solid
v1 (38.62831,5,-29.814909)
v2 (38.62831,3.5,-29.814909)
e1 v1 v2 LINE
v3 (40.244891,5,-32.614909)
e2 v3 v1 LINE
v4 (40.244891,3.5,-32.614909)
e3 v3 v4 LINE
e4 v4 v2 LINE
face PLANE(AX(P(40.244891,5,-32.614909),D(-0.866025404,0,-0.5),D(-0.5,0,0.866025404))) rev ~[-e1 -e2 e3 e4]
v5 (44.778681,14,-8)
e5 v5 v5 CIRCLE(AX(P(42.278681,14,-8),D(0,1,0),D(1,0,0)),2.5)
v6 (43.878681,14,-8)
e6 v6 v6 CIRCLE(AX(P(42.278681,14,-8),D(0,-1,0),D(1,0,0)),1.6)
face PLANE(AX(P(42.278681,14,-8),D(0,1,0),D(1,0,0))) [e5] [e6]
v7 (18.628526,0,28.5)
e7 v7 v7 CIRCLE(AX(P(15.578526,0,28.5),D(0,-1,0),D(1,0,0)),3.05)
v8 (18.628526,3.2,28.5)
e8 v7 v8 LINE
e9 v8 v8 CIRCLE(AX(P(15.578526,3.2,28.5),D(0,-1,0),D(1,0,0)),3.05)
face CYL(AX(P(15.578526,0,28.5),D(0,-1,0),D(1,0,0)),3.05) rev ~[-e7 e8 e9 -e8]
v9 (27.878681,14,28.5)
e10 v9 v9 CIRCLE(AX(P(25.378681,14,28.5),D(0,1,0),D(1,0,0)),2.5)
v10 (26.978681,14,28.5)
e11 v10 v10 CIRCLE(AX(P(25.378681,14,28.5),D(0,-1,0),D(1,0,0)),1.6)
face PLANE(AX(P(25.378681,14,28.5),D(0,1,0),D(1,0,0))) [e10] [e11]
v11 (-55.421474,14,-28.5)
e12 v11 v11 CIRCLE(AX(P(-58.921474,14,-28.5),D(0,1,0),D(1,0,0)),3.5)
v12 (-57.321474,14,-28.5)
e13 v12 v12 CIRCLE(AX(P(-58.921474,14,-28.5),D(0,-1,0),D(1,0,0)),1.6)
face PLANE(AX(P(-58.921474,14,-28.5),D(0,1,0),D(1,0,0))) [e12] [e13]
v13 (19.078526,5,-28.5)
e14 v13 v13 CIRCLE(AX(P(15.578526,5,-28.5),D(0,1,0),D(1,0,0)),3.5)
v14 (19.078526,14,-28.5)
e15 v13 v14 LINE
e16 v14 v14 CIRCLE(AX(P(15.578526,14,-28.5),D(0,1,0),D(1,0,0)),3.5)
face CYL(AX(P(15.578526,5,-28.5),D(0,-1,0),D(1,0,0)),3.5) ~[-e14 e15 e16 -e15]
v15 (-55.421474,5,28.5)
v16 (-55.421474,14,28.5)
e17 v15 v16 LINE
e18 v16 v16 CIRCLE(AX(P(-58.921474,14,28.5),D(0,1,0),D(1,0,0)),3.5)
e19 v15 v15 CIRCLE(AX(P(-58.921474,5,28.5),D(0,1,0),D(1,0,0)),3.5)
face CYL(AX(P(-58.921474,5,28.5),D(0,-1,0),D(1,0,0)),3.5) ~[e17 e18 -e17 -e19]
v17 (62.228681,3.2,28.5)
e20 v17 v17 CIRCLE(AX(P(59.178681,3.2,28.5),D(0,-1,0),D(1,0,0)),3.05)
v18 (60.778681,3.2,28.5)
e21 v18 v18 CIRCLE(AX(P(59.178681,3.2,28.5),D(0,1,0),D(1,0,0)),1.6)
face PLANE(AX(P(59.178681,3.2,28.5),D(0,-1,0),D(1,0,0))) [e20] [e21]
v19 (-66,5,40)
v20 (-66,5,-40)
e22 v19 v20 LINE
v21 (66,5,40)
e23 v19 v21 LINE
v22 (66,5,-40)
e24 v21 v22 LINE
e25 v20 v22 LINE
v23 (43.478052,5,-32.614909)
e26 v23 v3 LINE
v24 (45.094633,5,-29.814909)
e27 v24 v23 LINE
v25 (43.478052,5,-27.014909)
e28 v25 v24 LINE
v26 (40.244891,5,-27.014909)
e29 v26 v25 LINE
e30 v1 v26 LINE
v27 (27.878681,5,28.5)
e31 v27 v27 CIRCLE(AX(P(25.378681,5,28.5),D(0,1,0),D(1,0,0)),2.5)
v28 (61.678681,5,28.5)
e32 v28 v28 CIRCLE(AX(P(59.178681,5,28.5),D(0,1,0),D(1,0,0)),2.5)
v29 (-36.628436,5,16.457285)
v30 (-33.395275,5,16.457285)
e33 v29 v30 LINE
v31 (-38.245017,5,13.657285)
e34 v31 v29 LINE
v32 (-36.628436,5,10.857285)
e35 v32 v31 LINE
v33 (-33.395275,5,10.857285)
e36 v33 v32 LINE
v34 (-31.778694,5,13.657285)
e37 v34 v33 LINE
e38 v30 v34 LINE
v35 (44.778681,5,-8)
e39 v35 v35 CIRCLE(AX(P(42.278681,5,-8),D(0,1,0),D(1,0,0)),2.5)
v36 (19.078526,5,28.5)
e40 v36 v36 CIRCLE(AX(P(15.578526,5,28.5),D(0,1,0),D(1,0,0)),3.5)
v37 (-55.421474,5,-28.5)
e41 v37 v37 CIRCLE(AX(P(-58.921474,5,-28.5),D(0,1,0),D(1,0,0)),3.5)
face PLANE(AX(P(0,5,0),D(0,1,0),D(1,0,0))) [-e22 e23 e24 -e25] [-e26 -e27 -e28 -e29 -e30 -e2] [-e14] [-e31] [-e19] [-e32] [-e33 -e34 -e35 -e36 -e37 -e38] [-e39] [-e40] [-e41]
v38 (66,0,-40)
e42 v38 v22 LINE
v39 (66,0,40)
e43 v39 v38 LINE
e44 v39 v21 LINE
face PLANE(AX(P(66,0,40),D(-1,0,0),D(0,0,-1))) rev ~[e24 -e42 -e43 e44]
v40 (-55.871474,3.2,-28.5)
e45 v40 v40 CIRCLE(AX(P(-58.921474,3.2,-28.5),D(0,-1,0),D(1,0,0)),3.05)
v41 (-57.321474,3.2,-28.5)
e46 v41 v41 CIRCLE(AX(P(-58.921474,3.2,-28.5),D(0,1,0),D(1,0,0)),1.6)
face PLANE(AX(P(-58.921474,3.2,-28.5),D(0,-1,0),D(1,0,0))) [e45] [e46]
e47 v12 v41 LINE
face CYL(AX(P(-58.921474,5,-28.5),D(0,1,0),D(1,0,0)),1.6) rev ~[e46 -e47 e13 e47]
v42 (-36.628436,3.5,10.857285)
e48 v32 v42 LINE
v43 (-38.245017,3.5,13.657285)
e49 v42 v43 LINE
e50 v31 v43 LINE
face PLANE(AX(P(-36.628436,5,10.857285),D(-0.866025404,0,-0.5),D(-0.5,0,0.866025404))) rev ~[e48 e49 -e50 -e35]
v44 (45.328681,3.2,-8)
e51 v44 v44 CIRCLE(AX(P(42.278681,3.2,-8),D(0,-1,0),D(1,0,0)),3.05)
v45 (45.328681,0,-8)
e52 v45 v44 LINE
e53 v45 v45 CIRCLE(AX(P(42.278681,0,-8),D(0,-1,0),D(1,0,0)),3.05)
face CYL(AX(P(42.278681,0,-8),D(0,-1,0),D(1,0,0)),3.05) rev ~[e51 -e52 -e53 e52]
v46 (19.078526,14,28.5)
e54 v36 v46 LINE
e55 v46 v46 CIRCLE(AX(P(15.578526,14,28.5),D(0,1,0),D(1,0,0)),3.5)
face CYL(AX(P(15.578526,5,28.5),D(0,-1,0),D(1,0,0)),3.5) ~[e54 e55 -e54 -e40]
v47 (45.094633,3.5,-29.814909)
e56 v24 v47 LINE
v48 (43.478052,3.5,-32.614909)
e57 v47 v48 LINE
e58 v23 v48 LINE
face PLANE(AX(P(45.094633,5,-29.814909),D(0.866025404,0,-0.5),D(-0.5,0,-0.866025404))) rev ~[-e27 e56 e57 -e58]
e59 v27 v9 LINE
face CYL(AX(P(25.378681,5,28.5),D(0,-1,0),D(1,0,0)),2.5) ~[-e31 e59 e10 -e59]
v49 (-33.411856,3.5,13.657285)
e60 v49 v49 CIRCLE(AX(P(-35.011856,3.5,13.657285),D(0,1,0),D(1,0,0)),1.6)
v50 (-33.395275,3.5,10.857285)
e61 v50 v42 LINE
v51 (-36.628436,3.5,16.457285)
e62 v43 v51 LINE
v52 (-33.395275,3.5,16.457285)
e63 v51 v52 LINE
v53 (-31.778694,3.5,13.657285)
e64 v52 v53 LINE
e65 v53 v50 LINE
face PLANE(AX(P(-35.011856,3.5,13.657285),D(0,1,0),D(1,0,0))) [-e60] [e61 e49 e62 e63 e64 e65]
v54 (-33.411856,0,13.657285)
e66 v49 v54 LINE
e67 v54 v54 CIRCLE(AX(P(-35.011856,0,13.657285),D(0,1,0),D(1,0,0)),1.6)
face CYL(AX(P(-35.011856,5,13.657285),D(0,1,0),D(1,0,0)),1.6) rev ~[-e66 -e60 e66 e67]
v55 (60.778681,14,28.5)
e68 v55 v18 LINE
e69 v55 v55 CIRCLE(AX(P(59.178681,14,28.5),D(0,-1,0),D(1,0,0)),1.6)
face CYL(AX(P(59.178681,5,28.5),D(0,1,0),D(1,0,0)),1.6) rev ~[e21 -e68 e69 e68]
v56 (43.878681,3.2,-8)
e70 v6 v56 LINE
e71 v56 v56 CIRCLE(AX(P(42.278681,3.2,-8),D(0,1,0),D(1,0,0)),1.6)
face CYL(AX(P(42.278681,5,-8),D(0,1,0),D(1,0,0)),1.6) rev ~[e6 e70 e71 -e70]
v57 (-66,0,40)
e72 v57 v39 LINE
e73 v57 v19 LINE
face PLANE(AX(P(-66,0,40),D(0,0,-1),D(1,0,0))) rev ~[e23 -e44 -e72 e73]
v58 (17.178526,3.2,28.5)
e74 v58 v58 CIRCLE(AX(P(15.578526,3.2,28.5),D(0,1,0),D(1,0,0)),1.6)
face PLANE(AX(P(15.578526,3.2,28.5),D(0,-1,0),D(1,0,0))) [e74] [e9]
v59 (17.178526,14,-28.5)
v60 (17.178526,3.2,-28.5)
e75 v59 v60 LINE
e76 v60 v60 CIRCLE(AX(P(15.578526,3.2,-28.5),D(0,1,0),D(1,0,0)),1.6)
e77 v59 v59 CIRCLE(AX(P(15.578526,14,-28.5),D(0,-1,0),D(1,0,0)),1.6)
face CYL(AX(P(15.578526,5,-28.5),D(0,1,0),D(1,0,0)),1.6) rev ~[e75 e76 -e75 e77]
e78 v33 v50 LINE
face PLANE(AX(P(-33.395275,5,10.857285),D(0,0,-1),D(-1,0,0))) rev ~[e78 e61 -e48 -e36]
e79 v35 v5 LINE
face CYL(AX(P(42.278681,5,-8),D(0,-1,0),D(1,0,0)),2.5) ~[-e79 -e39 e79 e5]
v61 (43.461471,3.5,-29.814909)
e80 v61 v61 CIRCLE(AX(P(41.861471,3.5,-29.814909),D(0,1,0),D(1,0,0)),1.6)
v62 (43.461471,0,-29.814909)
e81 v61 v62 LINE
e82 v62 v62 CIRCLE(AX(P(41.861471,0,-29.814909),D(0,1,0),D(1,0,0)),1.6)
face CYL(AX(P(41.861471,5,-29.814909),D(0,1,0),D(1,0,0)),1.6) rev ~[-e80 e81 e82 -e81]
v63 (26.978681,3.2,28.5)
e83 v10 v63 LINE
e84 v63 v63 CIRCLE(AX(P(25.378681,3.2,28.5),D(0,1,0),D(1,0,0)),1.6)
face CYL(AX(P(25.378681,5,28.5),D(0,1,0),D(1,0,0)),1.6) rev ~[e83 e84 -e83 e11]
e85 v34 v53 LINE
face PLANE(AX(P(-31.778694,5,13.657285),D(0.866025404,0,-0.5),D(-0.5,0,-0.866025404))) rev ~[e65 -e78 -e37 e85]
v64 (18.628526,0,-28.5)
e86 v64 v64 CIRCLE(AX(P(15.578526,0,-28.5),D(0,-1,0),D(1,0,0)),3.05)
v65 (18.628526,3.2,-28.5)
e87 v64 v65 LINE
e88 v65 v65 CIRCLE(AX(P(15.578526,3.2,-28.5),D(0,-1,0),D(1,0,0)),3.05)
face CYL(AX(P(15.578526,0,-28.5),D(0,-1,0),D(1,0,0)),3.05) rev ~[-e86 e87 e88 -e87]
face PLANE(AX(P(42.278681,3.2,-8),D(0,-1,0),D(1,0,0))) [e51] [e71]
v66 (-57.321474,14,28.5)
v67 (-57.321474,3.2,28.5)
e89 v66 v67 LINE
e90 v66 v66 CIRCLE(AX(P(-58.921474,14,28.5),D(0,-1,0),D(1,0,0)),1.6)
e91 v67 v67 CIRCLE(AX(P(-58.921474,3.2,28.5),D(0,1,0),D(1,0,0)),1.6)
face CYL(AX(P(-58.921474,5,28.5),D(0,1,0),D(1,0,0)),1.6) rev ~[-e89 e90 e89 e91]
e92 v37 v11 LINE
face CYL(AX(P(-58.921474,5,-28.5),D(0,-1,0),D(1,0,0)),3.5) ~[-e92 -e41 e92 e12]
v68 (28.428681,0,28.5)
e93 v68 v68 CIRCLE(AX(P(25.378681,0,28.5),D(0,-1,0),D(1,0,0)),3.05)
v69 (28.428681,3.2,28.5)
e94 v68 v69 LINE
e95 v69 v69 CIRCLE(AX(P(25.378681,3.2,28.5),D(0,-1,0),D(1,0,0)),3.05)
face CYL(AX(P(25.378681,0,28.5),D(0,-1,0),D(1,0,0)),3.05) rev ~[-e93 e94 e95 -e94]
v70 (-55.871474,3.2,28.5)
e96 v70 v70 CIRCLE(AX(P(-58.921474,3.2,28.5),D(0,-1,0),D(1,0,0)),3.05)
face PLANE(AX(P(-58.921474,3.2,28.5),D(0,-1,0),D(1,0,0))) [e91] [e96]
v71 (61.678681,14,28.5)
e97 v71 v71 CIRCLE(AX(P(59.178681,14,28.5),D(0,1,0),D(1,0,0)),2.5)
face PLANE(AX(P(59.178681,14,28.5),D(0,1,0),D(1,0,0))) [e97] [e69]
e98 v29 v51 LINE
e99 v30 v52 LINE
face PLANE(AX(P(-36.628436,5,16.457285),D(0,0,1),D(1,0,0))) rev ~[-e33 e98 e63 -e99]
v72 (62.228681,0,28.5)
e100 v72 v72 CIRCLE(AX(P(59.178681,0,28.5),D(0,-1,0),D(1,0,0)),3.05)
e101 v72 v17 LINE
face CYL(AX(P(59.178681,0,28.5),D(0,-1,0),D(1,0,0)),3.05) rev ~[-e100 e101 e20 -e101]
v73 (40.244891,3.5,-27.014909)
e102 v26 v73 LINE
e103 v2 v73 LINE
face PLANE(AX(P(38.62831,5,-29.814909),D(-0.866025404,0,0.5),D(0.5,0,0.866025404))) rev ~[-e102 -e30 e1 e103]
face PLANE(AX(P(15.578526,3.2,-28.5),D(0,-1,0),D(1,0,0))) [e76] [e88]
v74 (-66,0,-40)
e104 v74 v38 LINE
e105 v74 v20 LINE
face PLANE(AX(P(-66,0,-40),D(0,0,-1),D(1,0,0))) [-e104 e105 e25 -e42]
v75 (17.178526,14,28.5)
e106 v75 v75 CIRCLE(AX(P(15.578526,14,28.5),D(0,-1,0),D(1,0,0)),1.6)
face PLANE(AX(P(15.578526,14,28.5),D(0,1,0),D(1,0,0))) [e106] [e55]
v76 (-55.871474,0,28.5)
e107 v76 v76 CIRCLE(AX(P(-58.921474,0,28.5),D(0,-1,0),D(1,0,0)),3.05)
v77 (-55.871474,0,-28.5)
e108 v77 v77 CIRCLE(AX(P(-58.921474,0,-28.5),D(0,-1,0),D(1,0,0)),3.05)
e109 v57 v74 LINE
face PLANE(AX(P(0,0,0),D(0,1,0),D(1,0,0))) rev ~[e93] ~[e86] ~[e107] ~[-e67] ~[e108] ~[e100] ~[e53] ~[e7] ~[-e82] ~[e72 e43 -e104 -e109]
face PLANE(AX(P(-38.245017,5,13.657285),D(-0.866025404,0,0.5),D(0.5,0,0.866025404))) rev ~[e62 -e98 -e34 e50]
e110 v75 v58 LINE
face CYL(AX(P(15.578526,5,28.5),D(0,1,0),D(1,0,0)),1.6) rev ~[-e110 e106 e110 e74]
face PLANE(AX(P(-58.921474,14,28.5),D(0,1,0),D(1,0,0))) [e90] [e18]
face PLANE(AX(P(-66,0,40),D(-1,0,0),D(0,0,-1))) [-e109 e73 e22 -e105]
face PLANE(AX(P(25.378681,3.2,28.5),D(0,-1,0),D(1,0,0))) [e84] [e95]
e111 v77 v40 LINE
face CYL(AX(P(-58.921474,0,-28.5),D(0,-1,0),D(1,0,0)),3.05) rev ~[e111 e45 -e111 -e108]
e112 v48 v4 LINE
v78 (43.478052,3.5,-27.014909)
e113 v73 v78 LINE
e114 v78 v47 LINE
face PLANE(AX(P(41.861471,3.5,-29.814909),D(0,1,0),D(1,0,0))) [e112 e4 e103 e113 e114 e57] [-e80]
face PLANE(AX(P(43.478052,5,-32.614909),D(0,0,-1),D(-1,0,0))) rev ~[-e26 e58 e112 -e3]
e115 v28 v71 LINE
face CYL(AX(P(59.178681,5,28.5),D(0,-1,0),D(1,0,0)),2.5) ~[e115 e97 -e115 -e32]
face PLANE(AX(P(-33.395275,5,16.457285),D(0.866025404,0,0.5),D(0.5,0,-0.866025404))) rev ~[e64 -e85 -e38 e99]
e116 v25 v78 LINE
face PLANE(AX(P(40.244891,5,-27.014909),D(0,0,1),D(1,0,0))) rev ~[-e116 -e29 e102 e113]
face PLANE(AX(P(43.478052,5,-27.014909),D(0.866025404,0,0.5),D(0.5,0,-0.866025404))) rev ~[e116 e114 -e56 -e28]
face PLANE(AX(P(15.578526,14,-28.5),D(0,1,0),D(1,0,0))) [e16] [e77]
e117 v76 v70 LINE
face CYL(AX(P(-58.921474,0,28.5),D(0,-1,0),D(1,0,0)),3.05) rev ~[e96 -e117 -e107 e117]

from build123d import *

# Parameters (mm, degrees)
SKETCH1_W                      = 132
SKETCH1_H                      = 80
BOSS_EXTRUDE1_DEPTH            = 5
SKETCH3_R                      = 3.5
SKETCH3_R_2                    = 2.5
BOSS_EXTRUDE2_DEPTH            = 9
CUT_EXTRUDE1_REACH             = 7
SKETCH2_R                      = 1.6
CUT_EXTRUDE1_DIRECTION_2_REACH = 11
SKETCH4_R                      = 3.05
CUT_EXTRUDE2_DEPTH             = 3.2
CUT_EXTRUDE3_REACH             = 7
SKETCH5_R                      = 1.6
CUT_EXTRUDE4_DEPTH             = 1.5


with BuildPart() as part:
    # Sketch1 → Boss-Extrude1 (new body)
    with BuildSketch(Plane(origin=(0, 0, 0), x_dir=(1, 0, 0), z_dir=(0, 1, 0))):
        Rectangle(SKETCH1_W, SKETCH1_H)
    extrude(amount=BOSS_EXTRUDE1_DEPTH)

    # Sketch3 → Boss-Extrude2 (add)
    with BuildSketch(Plane(origin=(0, 5, 0), x_dir=(1, 0, 0), z_dir=(0, 1, 0))):
        with Locations((-58.921474433, 28.5)):
            Circle(SKETCH3_R)
        with Locations((15.578525567, 28.5)):
            Circle(SKETCH3_R)
        with Locations((15.578525567, -28.5)):
            Circle(SKETCH3_R)
        with Locations((-58.921474433, -28.5)):
            Circle(SKETCH3_R)
        with Locations((25.378681006, -28.5)):
            Circle(SKETCH3_R_2)
        with Locations((59.178681006, -28.5)):
            Circle(SKETCH3_R_2)
        with Locations((42.278681006, 8)):
            Circle(SKETCH3_R_2)
    extrude(amount=BOSS_EXTRUDE2_DEPTH)

    # Sketch2 → Cut-Extrude1 (cut, up to next)
    with BuildSketch(Plane(origin=(0, 5, 0), x_dir=(1, 0, 0), z_dir=(0, 1, 0)), mode=Mode.PRIVATE) as cut_extrude1_sk1:
        with Locations((42.278681006, 8)):
            Circle(SKETCH2_R)
    cut_extrude1_tool1 = extrude(cut_extrude1_sk1.sketch, amount=-CUT_EXTRUDE1_REACH, mode=Mode.PRIVATE) & part.part
    add(cut_extrude1_tool1.solids().sort_by_distance((42.278681, 5, -8))[0], mode=Mode.SUBTRACT)
    # Sketch2 → Cut-Extrude1 (cut, up to next)
    with BuildSketch(Plane(origin=(0, 5, 0), x_dir=(1, 0, 0), z_dir=(0, 1, 0)), mode=Mode.PRIVATE) as cut_extrude1_sk2:
        with Locations((25.378681006, -28.5)):
            Circle(SKETCH2_R)
    cut_extrude1_tool2 = extrude(cut_extrude1_sk2.sketch, amount=-CUT_EXTRUDE1_REACH, mode=Mode.PRIVATE) & part.part
    add(cut_extrude1_tool2.solids().sort_by_distance((25.378681, 5, 28.5))[0], mode=Mode.SUBTRACT)
    # Sketch2 → Cut-Extrude1 (cut, up to next)
    with BuildSketch(Plane(origin=(0, 5, 0), x_dir=(1, 0, 0), z_dir=(0, 1, 0)), mode=Mode.PRIVATE) as cut_extrude1_sk3:
        with Locations((59.178681006, -28.5)):
            Circle(SKETCH2_R)
    cut_extrude1_tool3 = extrude(cut_extrude1_sk3.sketch, amount=-CUT_EXTRUDE1_REACH, mode=Mode.PRIVATE) & part.part
    add(cut_extrude1_tool3.solids().sort_by_distance((59.178681, 5, 28.5))[0], mode=Mode.SUBTRACT)
    # Sketch2 → Cut-Extrude1 (cut, up to next)
    with BuildSketch(Plane(origin=(0, 5, 0), x_dir=(1, 0, 0), z_dir=(0, 1, 0)), mode=Mode.PRIVATE) as cut_extrude1_sk4:
        with Locations((15.578525567, 28.5)):
            Circle(SKETCH2_R)
    cut_extrude1_tool4 = extrude(cut_extrude1_sk4.sketch, amount=-CUT_EXTRUDE1_REACH, mode=Mode.PRIVATE) & part.part
    add(cut_extrude1_tool4.solids().sort_by_distance((15.578526, 5, -28.5))[0], mode=Mode.SUBTRACT)
    # Sketch2 → Cut-Extrude1 (cut, up to next)
    with BuildSketch(Plane(origin=(0, 5, 0), x_dir=(1, 0, 0), z_dir=(0, 1, 0)), mode=Mode.PRIVATE) as cut_extrude1_sk5:
        with Locations((15.578525567, -28.5)):
            Circle(SKETCH2_R)
    cut_extrude1_tool5 = extrude(cut_extrude1_sk5.sketch, amount=-CUT_EXTRUDE1_REACH, mode=Mode.PRIVATE) & part.part
    add(cut_extrude1_tool5.solids().sort_by_distance((15.578526, 5, 28.5))[0], mode=Mode.SUBTRACT)
    # Sketch2 → Cut-Extrude1 (cut, up to next)
    with BuildSketch(Plane(origin=(0, 5, 0), x_dir=(1, 0, 0), z_dir=(0, 1, 0)), mode=Mode.PRIVATE) as cut_extrude1_sk6:
        with Locations((-58.921474433, -28.5)):
            Circle(SKETCH2_R)
    cut_extrude1_tool6 = extrude(cut_extrude1_sk6.sketch, amount=-CUT_EXTRUDE1_REACH, mode=Mode.PRIVATE) & part.part
    add(cut_extrude1_tool6.solids().sort_by_distance((-58.921474, 5, 28.5))[0], mode=Mode.SUBTRACT)
    # Sketch2 → Cut-Extrude1 (cut, up to next)
    with BuildSketch(Plane(origin=(0, 5, 0), x_dir=(1, 0, 0), z_dir=(0, 1, 0)), mode=Mode.PRIVATE) as cut_extrude1_sk7:
        with Locations((-58.921474433, 28.5)):
            Circle(SKETCH2_R)
    cut_extrude1_tool7 = extrude(cut_extrude1_sk7.sketch, amount=-CUT_EXTRUDE1_REACH, mode=Mode.PRIVATE) & part.part
    add(cut_extrude1_tool7.solids().sort_by_distance((-58.921474, 5, -28.5))[0], mode=Mode.SUBTRACT)

    # Sketch2 → Cut-Extrude1 direction 2 (cut, up to next)
    with BuildSketch(Plane(origin=(0, 5, 0), x_dir=(1, 0, 0), z_dir=(0, 1, 0)), mode=Mode.PRIVATE) as cut_extrude1_direction_2_sk1:
        with Locations((42.278681006, 8)):
            Circle(SKETCH2_R)
    cut_extrude1_direction_2_tool1 = extrude(cut_extrude1_direction_2_sk1.sketch, amount=CUT_EXTRUDE1_DIRECTION_2_REACH, mode=Mode.PRIVATE) & part.part
    add(cut_extrude1_direction_2_tool1.solids().sort_by_distance((42.278681, 5, -8))[0], mode=Mode.SUBTRACT)
    # Sketch2 → Cut-Extrude1 direction 2 (cut, up to next)
    with BuildSketch(Plane(origin=(0, 5, 0), x_dir=(1, 0, 0), z_dir=(0, 1, 0)), mode=Mode.PRIVATE) as cut_extrude1_direction_2_sk2:
        with Locations((25.378681006, -28.5)):
            Circle(SKETCH2_R)
    cut_extrude1_direction_2_tool2 = extrude(cut_extrude1_direction_2_sk2.sketch, amount=CUT_EXTRUDE1_DIRECTION_2_REACH, mode=Mode.PRIVATE) & part.part
    add(cut_extrude1_direction_2_tool2.solids().sort_by_distance((25.378681, 5, 28.5))[0], mode=Mode.SUBTRACT)
    # Sketch2 → Cut-Extrude1 direction 2 (cut, up to next)
    with BuildSketch(Plane(origin=(0, 5, 0), x_dir=(1, 0, 0), z_dir=(0, 1, 0)), mode=Mode.PRIVATE) as cut_extrude1_direction_2_sk3:
        with Locations((59.178681006, -28.5)):
            Circle(SKETCH2_R)
    cut_extrude1_direction_2_tool3 = extrude(cut_extrude1_direction_2_sk3.sketch, amount=CUT_EXTRUDE1_DIRECTION_2_REACH, mode=Mode.PRIVATE) & part.part
    add(cut_extrude1_direction_2_tool3.solids().sort_by_distance((59.178681, 5, 28.5))[0], mode=Mode.SUBTRACT)
    # Sketch2 → Cut-Extrude1 direction 2 (cut, up to next)
    with BuildSketch(Plane(origin=(0, 5, 0), x_dir=(1, 0, 0), z_dir=(0, 1, 0)), mode=Mode.PRIVATE) as cut_extrude1_direction_2_sk4:
        with Locations((15.578525567, 28.5)):
            Circle(SKETCH2_R)
    cut_extrude1_direction_2_tool4 = extrude(cut_extrude1_direction_2_sk4.sketch, amount=CUT_EXTRUDE1_DIRECTION_2_REACH, mode=Mode.PRIVATE) & part.part
    add(cut_extrude1_direction_2_tool4.solids().sort_by_distance((15.578526, 5, -28.5))[0], mode=Mode.SUBTRACT)
    # Sketch2 → Cut-Extrude1 direction 2 (cut, up to next)
    with BuildSketch(Plane(origin=(0, 5, 0), x_dir=(1, 0, 0), z_dir=(0, 1, 0)), mode=Mode.PRIVATE) as cut_extrude1_direction_2_sk5:
        with Locations((15.578525567, -28.5)):
            Circle(SKETCH2_R)
    cut_extrude1_direction_2_tool5 = extrude(cut_extrude1_direction_2_sk5.sketch, amount=CUT_EXTRUDE1_DIRECTION_2_REACH, mode=Mode.PRIVATE) & part.part
    add(cut_extrude1_direction_2_tool5.solids().sort_by_distance((15.578526, 5, 28.5))[0], mode=Mode.SUBTRACT)
    # Sketch2 → Cut-Extrude1 direction 2 (cut, up to next)
    with BuildSketch(Plane(origin=(0, 5, 0), x_dir=(1, 0, 0), z_dir=(0, 1, 0)), mode=Mode.PRIVATE) as cut_extrude1_direction_2_sk6:
        with Locations((-58.921474433, -28.5)):
            Circle(SKETCH2_R)
    cut_extrude1_direction_2_tool6 = extrude(cut_extrude1_direction_2_sk6.sketch, amount=CUT_EXTRUDE1_DIRECTION_2_REACH, mode=Mode.PRIVATE) & part.part
    add(cut_extrude1_direction_2_tool6.solids().sort_by_distance((-58.921474, 5, 28.5))[0], mode=Mode.SUBTRACT)
    # Sketch2 → Cut-Extrude1 direction 2 (cut, up to next)
    with BuildSketch(Plane(origin=(0, 5, 0), x_dir=(1, 0, 0), z_dir=(0, 1, 0)), mode=Mode.PRIVATE) as cut_extrude1_direction_2_sk7:
        with Locations((-58.921474433, 28.5)):
            Circle(SKETCH2_R)
    cut_extrude1_direction_2_tool7 = extrude(cut_extrude1_direction_2_sk7.sketch, amount=CUT_EXTRUDE1_DIRECTION_2_REACH, mode=Mode.PRIVATE) & part.part
    add(cut_extrude1_direction_2_tool7.solids().sort_by_distance((-58.921474, 5, -28.5))[0], mode=Mode.SUBTRACT)

    # Sketch4 → Cut-Extrude2 (cut)
    with BuildSketch(Plane.XZ):
        with Locations((42.278681006, -8)):
            Circle(SKETCH4_R)
        with Locations((59.178681006, 28.5)):
            Circle(SKETCH4_R)
        with Locations((25.378681006, 28.5)):
            Circle(SKETCH4_R)
        with Locations((15.578525567, 28.5)):
            Circle(SKETCH4_R)
        with Locations((15.578525567, -28.5)):
            Circle(SKETCH4_R)
        with Locations((-58.921474433, -28.5)):
            Circle(SKETCH4_R)
        with Locations((-58.921474433, 28.5)):
            Circle(SKETCH4_R)
    extrude(amount=-CUT_EXTRUDE2_DEPTH, mode=Mode.SUBTRACT)

    # Sketch5 → Cut-Extrude3 (cut, up to next)
    with BuildSketch(Plane(origin=(0, 5, 0), x_dir=(1, 0, 0), z_dir=(0, 1, 0)), mode=Mode.PRIVATE) as cut_extrude3_sk1:
        with Locations((-35.011855655, -13.657285002)):
            Circle(SKETCH5_R)
    cut_extrude3_tool1 = extrude(cut_extrude3_sk1.sketch, amount=-CUT_EXTRUDE3_REACH, mode=Mode.PRIVATE) & part.part
    add(cut_extrude3_tool1.solids().sort_by_distance((-35.011856, 5, 13.657285))[0], mode=Mode.SUBTRACT)
    # Sketch5 → Cut-Extrude3 (cut, up to next)
    with BuildSketch(Plane(origin=(0, 5, 0), x_dir=(1, 0, 0), z_dir=(0, 1, 0)), mode=Mode.PRIVATE) as cut_extrude3_sk2:
        with Locations((41.861471436, 29.814909243)):
            Circle(SKETCH5_R)
    cut_extrude3_tool2 = extrude(cut_extrude3_sk2.sketch, amount=-CUT_EXTRUDE3_REACH, mode=Mode.PRIVATE) & part.part
    add(cut_extrude3_tool2.solids().sort_by_distance((41.861471, 5, -29.814909))[0], mode=Mode.SUBTRACT)

    # Sketch6 → Cut-Extrude4 (cut)
    with BuildSketch(Plane(origin=(0, 5, 0), x_dir=(1, 0, 0), z_dir=(0, 1, 0))):
        Polygon((-33.395274901, -16.457285002), (-31.778694147, -13.657285002), (-33.395274901, -10.857285002), (-36.628436408, -10.857285002), (-38.245017162, -13.657285002), (-36.628436408, -16.457285002), align=None)
        Polygon((43.478052189, 27.014909243), (45.094632943, 29.814909243), (43.478052189, 32.614909243), (40.244890682, 32.614909243), (38.628309928, 29.814909243), (40.244890682, 27.014909243), align=None)
    extrude(amount=-CUT_EXTRUDE4_DEPTH, mode=Mode.SUBTRACT)


solid = part.part
